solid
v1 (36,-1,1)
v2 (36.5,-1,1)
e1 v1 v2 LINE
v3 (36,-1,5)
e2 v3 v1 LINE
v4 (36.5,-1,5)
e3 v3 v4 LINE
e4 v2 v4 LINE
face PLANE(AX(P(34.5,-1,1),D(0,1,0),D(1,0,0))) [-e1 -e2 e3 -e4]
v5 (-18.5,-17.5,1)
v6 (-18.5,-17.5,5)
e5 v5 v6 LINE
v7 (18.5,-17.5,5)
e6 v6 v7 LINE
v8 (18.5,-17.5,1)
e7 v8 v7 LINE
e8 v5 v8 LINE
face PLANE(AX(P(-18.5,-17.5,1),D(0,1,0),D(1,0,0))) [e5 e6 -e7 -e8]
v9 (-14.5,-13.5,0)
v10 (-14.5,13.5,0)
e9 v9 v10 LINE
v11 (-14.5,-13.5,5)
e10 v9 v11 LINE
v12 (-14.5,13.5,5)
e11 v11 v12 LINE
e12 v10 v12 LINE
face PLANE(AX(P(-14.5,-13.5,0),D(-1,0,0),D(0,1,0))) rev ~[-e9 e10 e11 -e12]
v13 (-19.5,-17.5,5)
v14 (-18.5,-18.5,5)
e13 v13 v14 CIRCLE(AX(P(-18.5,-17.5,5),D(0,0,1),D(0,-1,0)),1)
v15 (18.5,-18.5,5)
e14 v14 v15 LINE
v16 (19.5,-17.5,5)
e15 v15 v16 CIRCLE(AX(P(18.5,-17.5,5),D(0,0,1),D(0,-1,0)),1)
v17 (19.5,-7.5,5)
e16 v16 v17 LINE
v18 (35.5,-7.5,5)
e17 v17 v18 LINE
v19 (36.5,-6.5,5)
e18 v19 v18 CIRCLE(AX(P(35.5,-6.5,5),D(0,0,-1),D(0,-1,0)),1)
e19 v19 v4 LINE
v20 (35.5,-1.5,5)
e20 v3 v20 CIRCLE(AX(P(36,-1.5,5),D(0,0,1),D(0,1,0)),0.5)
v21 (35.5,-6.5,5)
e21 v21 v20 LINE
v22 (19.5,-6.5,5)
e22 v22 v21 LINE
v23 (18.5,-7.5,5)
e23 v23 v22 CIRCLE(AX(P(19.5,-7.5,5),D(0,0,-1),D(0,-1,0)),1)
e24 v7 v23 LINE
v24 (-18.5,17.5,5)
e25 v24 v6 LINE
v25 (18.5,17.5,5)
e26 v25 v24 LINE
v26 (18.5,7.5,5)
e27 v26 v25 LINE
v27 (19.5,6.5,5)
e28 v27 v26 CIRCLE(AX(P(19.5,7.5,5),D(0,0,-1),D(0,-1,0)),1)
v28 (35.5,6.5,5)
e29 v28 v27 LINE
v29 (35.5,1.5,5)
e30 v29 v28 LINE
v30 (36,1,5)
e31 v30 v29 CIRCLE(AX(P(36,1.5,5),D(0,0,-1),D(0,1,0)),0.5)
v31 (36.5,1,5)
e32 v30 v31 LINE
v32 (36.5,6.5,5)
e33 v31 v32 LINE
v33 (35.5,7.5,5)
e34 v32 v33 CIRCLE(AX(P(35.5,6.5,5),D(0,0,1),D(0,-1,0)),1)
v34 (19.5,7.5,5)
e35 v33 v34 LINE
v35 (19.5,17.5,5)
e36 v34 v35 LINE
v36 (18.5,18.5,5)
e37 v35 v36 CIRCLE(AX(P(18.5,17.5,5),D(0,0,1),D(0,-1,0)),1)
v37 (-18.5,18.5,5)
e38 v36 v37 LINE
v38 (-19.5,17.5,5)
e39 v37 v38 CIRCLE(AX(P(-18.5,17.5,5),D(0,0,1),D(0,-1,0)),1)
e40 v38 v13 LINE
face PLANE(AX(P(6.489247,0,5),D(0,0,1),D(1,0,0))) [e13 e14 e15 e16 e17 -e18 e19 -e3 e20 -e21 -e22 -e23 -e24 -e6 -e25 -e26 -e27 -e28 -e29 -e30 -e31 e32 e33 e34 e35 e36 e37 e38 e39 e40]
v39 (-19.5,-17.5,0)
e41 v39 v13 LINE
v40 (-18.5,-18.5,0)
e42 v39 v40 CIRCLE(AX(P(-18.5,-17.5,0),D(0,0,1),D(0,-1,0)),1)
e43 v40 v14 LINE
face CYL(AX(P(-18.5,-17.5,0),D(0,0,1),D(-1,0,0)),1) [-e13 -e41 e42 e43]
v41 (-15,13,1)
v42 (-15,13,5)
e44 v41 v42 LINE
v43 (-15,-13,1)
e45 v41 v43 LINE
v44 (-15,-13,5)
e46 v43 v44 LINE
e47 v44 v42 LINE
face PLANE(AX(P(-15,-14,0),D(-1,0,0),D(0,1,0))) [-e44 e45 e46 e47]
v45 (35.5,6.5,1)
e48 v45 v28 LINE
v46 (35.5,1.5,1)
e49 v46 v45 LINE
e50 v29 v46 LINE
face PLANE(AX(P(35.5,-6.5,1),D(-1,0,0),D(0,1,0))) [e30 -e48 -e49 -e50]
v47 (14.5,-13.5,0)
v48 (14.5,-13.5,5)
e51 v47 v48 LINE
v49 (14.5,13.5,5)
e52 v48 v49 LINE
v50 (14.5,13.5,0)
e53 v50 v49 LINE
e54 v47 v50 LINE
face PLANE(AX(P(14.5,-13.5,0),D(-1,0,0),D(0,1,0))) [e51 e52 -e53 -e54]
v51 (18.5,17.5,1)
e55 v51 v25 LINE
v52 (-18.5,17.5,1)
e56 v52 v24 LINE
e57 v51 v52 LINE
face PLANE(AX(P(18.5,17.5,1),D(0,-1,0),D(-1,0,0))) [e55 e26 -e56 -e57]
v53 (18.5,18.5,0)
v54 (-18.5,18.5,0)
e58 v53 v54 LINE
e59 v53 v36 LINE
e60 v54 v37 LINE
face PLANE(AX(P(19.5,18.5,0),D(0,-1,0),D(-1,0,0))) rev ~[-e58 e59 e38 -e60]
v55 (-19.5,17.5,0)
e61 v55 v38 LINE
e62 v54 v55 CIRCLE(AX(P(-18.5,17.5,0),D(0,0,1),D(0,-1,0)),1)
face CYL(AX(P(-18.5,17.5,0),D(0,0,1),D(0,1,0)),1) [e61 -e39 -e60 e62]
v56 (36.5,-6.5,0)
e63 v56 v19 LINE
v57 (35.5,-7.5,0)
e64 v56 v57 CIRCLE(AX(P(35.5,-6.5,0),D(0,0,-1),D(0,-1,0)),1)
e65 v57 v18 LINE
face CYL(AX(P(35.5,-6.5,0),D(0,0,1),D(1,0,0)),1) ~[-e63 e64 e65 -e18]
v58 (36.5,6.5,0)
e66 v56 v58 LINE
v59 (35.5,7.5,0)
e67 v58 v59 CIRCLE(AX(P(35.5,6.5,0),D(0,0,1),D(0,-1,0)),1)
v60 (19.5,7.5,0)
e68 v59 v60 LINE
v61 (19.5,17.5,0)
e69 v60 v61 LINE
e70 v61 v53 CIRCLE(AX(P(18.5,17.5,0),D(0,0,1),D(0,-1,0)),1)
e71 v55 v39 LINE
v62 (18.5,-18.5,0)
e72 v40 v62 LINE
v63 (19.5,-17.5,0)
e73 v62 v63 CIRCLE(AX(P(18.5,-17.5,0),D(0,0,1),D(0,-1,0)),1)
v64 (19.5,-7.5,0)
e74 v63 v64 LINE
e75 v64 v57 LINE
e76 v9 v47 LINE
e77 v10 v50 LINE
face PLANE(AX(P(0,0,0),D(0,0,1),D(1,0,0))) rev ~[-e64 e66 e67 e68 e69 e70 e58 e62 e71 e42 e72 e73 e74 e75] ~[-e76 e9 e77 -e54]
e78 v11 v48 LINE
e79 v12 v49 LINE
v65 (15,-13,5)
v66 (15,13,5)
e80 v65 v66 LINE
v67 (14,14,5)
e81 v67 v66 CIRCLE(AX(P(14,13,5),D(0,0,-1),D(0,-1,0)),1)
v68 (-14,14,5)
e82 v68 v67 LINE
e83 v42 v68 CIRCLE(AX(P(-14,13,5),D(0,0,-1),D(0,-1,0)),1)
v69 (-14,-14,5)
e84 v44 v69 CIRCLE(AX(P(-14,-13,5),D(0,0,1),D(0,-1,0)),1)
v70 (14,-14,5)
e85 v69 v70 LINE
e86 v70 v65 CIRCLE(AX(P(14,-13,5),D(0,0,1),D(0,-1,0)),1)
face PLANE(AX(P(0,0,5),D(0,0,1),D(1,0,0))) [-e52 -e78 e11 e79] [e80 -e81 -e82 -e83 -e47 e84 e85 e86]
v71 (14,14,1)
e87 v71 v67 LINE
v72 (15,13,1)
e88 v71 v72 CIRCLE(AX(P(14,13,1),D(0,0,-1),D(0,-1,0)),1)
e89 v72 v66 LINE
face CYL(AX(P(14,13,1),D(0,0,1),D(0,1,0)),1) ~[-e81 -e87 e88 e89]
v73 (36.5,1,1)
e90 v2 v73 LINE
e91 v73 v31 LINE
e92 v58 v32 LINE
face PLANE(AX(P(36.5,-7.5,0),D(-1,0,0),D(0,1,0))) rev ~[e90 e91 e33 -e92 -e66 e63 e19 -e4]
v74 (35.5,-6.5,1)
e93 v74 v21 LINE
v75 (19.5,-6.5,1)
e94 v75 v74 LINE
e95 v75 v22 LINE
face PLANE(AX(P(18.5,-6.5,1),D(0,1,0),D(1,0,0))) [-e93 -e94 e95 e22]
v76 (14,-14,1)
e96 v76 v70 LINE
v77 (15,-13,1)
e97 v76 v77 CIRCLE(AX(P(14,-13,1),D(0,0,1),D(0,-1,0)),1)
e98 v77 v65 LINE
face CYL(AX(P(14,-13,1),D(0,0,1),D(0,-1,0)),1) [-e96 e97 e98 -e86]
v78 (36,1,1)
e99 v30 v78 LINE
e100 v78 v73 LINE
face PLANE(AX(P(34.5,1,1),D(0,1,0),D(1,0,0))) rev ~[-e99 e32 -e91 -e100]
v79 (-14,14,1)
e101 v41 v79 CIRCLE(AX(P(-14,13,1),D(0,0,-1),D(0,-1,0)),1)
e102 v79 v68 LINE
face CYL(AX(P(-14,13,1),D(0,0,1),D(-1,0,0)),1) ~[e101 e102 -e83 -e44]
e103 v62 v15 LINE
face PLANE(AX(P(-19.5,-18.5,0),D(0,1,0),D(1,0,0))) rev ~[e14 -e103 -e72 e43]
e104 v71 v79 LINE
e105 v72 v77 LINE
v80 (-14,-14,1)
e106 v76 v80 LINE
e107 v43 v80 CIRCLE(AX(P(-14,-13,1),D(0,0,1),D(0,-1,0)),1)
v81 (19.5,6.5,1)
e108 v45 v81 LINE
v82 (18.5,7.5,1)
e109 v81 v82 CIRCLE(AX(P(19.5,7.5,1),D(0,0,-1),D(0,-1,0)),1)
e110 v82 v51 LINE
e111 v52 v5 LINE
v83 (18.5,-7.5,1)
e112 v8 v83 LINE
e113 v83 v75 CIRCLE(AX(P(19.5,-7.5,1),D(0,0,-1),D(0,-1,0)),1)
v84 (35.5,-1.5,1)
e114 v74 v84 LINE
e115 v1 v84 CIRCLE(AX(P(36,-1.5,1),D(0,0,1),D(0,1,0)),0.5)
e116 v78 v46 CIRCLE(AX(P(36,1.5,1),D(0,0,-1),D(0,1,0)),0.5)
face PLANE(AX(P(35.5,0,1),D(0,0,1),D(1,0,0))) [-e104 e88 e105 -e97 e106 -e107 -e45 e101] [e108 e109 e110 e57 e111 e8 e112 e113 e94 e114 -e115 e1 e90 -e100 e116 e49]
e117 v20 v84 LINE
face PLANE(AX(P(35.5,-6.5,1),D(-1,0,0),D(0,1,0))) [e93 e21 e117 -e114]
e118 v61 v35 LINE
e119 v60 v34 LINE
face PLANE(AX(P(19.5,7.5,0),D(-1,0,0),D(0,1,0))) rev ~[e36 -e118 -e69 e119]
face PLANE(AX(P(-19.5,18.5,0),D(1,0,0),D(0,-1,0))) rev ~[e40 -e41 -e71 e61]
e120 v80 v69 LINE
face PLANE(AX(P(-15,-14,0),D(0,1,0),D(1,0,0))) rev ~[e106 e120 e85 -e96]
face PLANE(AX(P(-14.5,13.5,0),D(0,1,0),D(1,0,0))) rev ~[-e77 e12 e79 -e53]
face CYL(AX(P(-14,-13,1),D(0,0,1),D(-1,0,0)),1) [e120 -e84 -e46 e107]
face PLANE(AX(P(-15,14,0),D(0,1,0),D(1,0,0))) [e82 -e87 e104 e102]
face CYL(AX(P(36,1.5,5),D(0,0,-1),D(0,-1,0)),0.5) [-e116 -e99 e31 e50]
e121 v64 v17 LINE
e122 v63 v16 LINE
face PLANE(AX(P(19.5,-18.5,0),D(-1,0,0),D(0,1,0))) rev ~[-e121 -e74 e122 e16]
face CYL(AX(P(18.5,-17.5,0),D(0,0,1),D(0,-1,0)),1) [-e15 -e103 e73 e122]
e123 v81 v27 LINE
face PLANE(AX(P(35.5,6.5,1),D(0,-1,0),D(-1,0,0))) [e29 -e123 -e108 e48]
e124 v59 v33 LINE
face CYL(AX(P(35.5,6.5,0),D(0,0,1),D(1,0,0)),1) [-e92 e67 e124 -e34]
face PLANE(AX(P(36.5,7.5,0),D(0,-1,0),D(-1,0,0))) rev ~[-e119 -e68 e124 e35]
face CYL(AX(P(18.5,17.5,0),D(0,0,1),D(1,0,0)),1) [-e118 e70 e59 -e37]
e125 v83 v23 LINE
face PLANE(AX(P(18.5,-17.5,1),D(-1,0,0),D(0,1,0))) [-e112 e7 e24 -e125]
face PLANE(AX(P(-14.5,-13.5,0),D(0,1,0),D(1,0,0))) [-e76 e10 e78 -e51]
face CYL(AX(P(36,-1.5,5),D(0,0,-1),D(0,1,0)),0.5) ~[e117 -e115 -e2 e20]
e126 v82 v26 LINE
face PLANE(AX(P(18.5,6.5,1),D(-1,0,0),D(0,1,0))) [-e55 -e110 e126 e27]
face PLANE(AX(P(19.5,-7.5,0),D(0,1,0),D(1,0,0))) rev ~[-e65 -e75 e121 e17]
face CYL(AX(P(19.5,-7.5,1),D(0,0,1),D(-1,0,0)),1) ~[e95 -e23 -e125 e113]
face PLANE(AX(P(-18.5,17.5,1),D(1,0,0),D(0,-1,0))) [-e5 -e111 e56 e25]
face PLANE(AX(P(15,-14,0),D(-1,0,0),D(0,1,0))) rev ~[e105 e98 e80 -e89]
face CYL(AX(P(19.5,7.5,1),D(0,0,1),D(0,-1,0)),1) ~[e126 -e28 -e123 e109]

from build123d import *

# Parameters (mm, degrees)
PAD_DEPTH       = 5
POCKET_DEPTH    = 4
SKETCH001_W     = 30
SKETCH001_H     = 28
PAD001_DEPTH    = 5
SKETCH003_W     = 29
SKETCH003_H     = 27
POCKET001_DEPTH = 5
SKETCH004_W     = 2
SKETCH004_H     = 2
POCKET002_DEPTH = 4
FILLET_R        = 1
FILLET001_R     = 1
FILLET002_R     = 1
FILLET003_R     = 0.5


with BuildPart() as part:
    # Sketch → Pad (new body)
    with BuildSketch(Plane.XY):
        Polygon((36.5, 7.5), (19.5, 7.5), (19.5, 18.5), (-19.5, 18.5), (-19.5, -18.5), (19.5, -18.5), (19.5, -7.5), (36.5, -7.5), align=None)
    extrude(amount=PAD_DEPTH)

    # Sketch002 → Pocket (cut)
    with BuildSketch(Plane.XY.offset(1)):
        Polygon((35.5, 6.5), (18.5, 6.5), (18.5, 17.5), (-18.5, 17.5), (-18.5, -17.5), (18.5, -17.5), (18.5, -6.5), (35.5, -6.5), align=None)
    extrude(amount=POCKET_DEPTH, mode=Mode.SUBTRACT)

    # Sketch001 → Pad001 (join)
    with BuildSketch(Plane.XY):
        Rectangle(SKETCH001_W, SKETCH001_H)
    extrude(amount=PAD001_DEPTH)

    # Sketch003 → Pocket001 (cut)
    with BuildSketch(Plane.XY):
        Rectangle(SKETCH003_W, SKETCH003_H)
    extrude(amount=POCKET001_DEPTH, mode=Mode.SUBTRACT)

    # Sketch004 → Pocket002 (cut)
    with BuildSketch(Plane.XY.offset(1)):
        with Locations((35.5, 0)):
            Rectangle(SKETCH004_W, SKETCH004_H)
    extrude(amount=POCKET002_DEPTH, mode=Mode.SUBTRACT)

    # Fillet
    fillet_edges = [part.edges().sort_by_distance(p)[0] for p in [
        (-15, -14, 3),
        (15, -14, 3),
        (15, 14, 3),
        (-15, 14, 3),
    ]]
    fillet(fillet_edges, radius=FILLET_R)

    # Fillet001
    fillet001_edges = [part.edges().sort_by_distance(p)[0] for p in [
        (18.5, 6.5, 3),
        (18.5, -6.5, 3),
    ]]
    fillet(fillet001_edges, radius=FILLET001_R)

    # Fillet002
    fillet002_edges = [part.edges().sort_by_distance(p)[0] for p in [
        (-19.5, 18.5, 2.5),
        (-19.5, -18.5, 2.5),
        (19.5, 18.5, 2.5),
        (36.5, 7.5, 2.5),
        (36.5, -7.5, 2.5),
        (19.5, -18.5, 2.5),
    ]]
    fillet(fillet002_edges, radius=FILLET002_R)

    # Fillet003
    fillet003_edges = [part.edges().sort_by_distance(p)[0] for p in [
        (35.5, -1, 3),
        (35.5, 1, 3),
    ]]
    fillet(fillet003_edges, radius=FILLET003_R)


solid = part.part
